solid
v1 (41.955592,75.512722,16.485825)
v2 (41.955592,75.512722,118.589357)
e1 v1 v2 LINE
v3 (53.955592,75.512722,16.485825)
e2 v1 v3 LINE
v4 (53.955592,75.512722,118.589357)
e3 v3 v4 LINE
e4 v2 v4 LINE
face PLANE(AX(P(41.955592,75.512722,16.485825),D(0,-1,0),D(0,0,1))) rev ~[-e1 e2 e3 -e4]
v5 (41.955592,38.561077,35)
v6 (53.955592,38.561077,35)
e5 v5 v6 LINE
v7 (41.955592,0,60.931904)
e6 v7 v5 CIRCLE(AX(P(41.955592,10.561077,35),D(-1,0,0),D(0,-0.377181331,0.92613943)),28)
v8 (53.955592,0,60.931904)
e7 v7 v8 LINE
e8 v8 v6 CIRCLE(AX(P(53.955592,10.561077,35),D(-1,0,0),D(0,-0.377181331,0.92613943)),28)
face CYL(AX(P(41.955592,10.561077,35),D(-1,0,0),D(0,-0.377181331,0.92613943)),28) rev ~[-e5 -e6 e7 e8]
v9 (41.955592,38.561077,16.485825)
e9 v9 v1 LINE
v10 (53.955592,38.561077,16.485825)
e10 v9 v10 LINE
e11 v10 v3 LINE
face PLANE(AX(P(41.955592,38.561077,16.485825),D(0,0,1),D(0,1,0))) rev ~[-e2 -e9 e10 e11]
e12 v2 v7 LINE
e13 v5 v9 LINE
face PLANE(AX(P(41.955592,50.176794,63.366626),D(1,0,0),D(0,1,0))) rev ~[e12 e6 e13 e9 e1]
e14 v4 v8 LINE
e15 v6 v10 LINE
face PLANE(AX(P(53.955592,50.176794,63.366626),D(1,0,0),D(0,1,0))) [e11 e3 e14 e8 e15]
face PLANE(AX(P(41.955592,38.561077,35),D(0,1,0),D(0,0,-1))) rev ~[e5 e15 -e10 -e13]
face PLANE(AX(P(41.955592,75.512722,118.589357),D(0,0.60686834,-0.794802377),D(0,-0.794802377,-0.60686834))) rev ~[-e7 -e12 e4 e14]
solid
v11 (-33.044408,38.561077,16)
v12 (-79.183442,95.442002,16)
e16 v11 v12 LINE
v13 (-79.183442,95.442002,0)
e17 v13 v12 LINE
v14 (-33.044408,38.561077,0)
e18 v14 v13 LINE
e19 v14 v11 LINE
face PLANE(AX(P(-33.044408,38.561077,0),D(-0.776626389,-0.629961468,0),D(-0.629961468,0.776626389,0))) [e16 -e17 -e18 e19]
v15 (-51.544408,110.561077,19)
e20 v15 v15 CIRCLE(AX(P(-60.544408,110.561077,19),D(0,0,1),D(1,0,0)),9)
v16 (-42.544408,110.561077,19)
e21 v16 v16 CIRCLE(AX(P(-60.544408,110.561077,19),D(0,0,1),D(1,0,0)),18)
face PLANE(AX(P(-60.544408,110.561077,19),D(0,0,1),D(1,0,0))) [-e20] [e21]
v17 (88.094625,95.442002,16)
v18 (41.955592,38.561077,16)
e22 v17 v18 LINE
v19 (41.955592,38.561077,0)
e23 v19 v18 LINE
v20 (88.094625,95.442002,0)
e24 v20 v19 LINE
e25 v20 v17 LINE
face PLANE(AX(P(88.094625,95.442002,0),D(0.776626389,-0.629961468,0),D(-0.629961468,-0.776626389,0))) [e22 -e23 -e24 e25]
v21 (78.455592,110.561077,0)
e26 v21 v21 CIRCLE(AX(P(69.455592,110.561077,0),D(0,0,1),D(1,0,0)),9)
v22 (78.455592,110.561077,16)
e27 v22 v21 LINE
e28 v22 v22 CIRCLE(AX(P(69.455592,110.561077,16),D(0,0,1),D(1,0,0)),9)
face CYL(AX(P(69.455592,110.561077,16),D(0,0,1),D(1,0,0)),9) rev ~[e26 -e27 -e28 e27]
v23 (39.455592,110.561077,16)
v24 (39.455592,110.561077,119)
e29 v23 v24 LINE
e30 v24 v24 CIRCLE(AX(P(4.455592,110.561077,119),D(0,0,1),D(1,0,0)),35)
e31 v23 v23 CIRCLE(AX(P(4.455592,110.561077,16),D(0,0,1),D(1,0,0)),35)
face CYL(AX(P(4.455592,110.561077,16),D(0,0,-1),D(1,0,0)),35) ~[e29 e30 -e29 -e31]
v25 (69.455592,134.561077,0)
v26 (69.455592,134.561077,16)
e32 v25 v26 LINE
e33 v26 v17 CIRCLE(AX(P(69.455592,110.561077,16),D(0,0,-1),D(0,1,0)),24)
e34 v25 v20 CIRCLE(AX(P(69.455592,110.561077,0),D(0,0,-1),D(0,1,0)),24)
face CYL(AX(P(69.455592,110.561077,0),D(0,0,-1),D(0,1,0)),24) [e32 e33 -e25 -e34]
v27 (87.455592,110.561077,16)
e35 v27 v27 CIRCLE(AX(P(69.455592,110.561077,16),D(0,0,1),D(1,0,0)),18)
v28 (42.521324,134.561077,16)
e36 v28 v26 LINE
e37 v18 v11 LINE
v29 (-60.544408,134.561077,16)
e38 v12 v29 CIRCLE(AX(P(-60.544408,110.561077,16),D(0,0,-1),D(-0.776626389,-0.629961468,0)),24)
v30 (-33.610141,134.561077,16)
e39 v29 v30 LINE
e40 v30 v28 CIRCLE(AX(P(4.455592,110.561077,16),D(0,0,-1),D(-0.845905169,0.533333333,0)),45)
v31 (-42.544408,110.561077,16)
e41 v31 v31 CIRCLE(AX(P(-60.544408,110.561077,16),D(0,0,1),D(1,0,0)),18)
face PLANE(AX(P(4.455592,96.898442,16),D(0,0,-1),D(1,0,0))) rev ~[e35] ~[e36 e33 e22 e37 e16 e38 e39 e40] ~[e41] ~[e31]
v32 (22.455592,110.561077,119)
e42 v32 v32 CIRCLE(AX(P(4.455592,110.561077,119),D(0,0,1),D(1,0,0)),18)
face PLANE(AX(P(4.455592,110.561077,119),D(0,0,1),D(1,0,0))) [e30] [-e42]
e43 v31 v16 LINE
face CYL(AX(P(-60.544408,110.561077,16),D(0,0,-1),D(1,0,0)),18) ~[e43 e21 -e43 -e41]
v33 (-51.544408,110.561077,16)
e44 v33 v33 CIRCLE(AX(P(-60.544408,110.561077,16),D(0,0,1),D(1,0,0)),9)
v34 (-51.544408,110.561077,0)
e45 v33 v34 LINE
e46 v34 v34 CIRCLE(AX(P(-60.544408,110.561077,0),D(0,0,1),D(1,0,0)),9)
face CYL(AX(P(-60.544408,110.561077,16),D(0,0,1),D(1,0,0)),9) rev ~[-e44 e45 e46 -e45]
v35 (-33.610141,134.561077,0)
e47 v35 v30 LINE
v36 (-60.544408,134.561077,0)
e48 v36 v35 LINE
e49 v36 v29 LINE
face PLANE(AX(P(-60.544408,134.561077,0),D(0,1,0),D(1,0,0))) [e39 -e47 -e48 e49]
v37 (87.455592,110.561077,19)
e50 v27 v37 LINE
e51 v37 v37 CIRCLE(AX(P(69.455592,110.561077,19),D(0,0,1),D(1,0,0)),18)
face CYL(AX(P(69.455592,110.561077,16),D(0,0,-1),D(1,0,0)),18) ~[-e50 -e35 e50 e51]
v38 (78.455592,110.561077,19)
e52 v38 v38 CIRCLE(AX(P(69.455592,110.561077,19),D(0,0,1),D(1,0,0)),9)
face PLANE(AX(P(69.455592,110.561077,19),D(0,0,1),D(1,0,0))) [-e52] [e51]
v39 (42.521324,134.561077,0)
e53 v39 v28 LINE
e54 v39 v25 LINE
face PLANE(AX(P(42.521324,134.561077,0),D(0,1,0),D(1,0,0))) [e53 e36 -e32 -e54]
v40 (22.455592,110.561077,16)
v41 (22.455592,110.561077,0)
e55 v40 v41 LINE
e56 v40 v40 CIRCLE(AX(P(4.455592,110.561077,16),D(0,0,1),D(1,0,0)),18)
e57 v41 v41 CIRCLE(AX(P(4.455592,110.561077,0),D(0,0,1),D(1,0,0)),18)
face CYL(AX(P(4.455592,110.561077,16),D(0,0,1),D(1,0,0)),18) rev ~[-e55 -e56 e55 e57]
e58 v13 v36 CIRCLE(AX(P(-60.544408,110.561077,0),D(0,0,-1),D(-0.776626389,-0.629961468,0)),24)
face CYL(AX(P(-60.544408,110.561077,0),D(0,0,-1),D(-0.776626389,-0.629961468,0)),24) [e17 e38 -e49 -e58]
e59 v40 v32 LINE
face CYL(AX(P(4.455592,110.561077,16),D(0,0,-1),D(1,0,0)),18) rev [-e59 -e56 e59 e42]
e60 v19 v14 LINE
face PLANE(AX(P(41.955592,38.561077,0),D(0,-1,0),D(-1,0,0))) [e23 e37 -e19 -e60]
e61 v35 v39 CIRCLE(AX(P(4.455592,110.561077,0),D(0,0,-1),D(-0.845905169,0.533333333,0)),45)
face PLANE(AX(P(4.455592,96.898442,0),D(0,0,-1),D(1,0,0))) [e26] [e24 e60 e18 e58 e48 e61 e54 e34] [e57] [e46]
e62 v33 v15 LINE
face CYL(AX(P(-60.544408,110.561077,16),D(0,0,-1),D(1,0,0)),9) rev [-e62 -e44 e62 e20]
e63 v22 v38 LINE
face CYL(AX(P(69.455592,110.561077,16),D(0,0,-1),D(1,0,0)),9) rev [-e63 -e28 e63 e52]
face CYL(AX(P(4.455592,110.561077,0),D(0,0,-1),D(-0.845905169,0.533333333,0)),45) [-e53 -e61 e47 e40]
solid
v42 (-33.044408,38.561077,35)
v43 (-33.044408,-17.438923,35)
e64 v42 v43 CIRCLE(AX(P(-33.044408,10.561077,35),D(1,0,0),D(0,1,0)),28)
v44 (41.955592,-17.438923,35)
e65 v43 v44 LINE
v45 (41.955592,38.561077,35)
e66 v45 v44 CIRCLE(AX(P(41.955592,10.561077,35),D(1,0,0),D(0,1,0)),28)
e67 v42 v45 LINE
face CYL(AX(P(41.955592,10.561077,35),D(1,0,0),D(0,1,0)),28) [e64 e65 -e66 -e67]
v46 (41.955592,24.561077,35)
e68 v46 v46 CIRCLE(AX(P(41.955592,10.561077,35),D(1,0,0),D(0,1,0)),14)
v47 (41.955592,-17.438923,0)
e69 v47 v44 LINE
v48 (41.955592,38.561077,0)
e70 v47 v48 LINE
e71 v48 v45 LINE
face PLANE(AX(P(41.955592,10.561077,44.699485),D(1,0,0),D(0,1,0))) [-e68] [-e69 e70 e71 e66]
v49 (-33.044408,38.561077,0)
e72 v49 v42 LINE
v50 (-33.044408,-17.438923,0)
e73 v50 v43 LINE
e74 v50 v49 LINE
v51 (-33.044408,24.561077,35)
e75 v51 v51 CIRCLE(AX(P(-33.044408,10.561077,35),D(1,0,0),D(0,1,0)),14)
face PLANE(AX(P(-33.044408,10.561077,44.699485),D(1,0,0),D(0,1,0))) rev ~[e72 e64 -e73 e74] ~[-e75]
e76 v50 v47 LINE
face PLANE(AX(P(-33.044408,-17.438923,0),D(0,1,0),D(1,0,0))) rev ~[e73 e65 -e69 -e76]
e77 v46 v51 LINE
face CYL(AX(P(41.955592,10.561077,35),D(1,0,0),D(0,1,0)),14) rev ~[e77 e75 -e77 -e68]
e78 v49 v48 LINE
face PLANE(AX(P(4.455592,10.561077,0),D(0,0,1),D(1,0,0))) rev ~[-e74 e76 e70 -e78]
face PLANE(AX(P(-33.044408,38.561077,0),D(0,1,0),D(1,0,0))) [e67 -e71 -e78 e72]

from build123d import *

# Parameters (mm, degrees)
F0_W      = 75
F0_H      = 56
F1_DEPTH  = 35
F3_DEPTH  = 16
F4_R      = 18
F4_R_2    = 9
F5_DEPTH  = 3
F6_DEPTH  = 16
F7_R      = 35
F7_R_2    = 18
F8_DEPTH  = 103
F9_DEPTH  = 16
F11_DEPTH = 75
F12_R     = 14
F13_DEPTH = 75
F15_DEPTH = 12


with BuildPart() as f1:
    # F0 (on Top) → F1 (new body)
    with BuildSketch(Plane.XY):
        with Locations((4.455591552, 10.561077265)):
            Rectangle(F0_W, F0_H)
    extrude(amount=F1_DEPTH)

    # F10 (on face) → F11 (join)
    with BuildSketch(Plane.YZ.offset(41.955591552)):
        with BuildLine():
            ThreePointArc((38.561077265, 35), (10.561077265, 63), (-17.438922735, 35))
            Line((-17.438922735, 35), (38.561077265, 35))
        make_face()
    extrude(amount=-F11_DEPTH)

    # F12 (on face) → F13 (cut, through all)
    with BuildSketch(Plane.YZ.offset(41.955591552)):
        with Locations((10.561077265, 35)):
            Circle(F12_R)
    extrude(amount=-F13_DEPTH, mode=Mode.SUBTRACT)


with BuildPart() as f3:
    # F2 (on face) → F3 (new body)
    with BuildSketch(Plane(origin=(0, 0, 0), x_dir=(1, 0, 0), z_dir=(0, 0, -1))):
        with BuildLine():
            Line((-60.544408448, -134.561077265), (-33.6101410694, -134.561077265))
            ThreePointArc((-33.6101410694, -134.561077265), (4.455591552, -155.561077265), (42.5213241733, -134.561077265))
            Line((42.5213241733, -134.561077265), (69.455591552, -134.561077265))
            ThreePointArc((69.455591552, -134.561077265), (91.121899563, -120.8844050798), (88.0946248964, -95.4420020293))
            Line((88.0946248964, -95.4420020293), (41.955591552, -38.561077265))
            Line((41.955591552, -38.561077265), (-33.044408448, -38.561077265))
            Line((-33.044408448, -38.561077265), (-79.1834417925, -95.4420020293))
            ThreePointArc((-79.1834417925, -95.4420020293), (-82.2107164591, -120.8844050798), (-60.544408448, -134.561077265))
        make_face()
    extrude(amount=-F3_DEPTH)

    # F4 (on face) → F5 (join)
    with BuildSketch(Plane.XY.offset(16)):
        with Locations((-60.544408448, 110.561077265)):
            Circle(F4_R)
        with Locations((-60.544408448, 110.561077265)):
            Circle(F4_R_2, mode=Mode.SUBTRACT)
        with Locations((69.455591552, 110.561077265)):
            Circle(F4_R)
        with Locations((69.455591552, 110.561077265)):
            Circle(F4_R_2, mode=Mode.SUBTRACT)
    extrude(amount=F5_DEPTH)

    # F6 (cut, through all): faces of the model
    f6_faces = [f3.faces().sort_by_distance(p)[0] for p in [
        (-60.544408448, 110.561077265, 16),
        (69.455591552, 110.561077265, 16),
    ]]
    extrude(f6_faces, amount=-F6_DEPTH, mode=Mode.SUBTRACT)

    # F7 (on face) → F8 (join)
    with BuildSketch(Plane.XY.offset(16)):
        with Locations((4.455591552, 110.561077265)):
            Circle(F7_R)
        with Locations((4.455591552, 110.561077265)):
            Circle(F7_R_2, mode=Mode.SUBTRACT)
    extrude(amount=F8_DEPTH)

    # F9 (cut, through all): a face of the model
    f9_faces = [f3.faces().sort_by_distance(p)[0] for p in [
        (4.455591552, 110.561077265, 16),
    ]]
    extrude(f9_faces, amount=-F9_DEPTH, mode=Mode.SUBTRACT)


with BuildPart() as f15:
    # F14 (on face) → F15 (new body)
    with BuildSketch(Plane.YZ.offset(41.955591552)):
        with BuildLine():
            Line((75.5127221346, 118.5893565416), (0, 60.9319040373))
            ThreePointArc((0, 60.9319040373), (26.1862146497, 58.2347817229), (38.561077265, 35))
            Line((38.561077265, 35), (38.561077265, 16.485825181))
            Line((38.561077265, 16.485825181), (75.5127221346, 16.485825181))
            Line((75.5127221346, 16.485825181), (75.5127221346, 118.5893565416))
        make_face()
    extrude(amount=F15_DEPTH)


solid = Compound([f1.part, f3.part, f15.part])
